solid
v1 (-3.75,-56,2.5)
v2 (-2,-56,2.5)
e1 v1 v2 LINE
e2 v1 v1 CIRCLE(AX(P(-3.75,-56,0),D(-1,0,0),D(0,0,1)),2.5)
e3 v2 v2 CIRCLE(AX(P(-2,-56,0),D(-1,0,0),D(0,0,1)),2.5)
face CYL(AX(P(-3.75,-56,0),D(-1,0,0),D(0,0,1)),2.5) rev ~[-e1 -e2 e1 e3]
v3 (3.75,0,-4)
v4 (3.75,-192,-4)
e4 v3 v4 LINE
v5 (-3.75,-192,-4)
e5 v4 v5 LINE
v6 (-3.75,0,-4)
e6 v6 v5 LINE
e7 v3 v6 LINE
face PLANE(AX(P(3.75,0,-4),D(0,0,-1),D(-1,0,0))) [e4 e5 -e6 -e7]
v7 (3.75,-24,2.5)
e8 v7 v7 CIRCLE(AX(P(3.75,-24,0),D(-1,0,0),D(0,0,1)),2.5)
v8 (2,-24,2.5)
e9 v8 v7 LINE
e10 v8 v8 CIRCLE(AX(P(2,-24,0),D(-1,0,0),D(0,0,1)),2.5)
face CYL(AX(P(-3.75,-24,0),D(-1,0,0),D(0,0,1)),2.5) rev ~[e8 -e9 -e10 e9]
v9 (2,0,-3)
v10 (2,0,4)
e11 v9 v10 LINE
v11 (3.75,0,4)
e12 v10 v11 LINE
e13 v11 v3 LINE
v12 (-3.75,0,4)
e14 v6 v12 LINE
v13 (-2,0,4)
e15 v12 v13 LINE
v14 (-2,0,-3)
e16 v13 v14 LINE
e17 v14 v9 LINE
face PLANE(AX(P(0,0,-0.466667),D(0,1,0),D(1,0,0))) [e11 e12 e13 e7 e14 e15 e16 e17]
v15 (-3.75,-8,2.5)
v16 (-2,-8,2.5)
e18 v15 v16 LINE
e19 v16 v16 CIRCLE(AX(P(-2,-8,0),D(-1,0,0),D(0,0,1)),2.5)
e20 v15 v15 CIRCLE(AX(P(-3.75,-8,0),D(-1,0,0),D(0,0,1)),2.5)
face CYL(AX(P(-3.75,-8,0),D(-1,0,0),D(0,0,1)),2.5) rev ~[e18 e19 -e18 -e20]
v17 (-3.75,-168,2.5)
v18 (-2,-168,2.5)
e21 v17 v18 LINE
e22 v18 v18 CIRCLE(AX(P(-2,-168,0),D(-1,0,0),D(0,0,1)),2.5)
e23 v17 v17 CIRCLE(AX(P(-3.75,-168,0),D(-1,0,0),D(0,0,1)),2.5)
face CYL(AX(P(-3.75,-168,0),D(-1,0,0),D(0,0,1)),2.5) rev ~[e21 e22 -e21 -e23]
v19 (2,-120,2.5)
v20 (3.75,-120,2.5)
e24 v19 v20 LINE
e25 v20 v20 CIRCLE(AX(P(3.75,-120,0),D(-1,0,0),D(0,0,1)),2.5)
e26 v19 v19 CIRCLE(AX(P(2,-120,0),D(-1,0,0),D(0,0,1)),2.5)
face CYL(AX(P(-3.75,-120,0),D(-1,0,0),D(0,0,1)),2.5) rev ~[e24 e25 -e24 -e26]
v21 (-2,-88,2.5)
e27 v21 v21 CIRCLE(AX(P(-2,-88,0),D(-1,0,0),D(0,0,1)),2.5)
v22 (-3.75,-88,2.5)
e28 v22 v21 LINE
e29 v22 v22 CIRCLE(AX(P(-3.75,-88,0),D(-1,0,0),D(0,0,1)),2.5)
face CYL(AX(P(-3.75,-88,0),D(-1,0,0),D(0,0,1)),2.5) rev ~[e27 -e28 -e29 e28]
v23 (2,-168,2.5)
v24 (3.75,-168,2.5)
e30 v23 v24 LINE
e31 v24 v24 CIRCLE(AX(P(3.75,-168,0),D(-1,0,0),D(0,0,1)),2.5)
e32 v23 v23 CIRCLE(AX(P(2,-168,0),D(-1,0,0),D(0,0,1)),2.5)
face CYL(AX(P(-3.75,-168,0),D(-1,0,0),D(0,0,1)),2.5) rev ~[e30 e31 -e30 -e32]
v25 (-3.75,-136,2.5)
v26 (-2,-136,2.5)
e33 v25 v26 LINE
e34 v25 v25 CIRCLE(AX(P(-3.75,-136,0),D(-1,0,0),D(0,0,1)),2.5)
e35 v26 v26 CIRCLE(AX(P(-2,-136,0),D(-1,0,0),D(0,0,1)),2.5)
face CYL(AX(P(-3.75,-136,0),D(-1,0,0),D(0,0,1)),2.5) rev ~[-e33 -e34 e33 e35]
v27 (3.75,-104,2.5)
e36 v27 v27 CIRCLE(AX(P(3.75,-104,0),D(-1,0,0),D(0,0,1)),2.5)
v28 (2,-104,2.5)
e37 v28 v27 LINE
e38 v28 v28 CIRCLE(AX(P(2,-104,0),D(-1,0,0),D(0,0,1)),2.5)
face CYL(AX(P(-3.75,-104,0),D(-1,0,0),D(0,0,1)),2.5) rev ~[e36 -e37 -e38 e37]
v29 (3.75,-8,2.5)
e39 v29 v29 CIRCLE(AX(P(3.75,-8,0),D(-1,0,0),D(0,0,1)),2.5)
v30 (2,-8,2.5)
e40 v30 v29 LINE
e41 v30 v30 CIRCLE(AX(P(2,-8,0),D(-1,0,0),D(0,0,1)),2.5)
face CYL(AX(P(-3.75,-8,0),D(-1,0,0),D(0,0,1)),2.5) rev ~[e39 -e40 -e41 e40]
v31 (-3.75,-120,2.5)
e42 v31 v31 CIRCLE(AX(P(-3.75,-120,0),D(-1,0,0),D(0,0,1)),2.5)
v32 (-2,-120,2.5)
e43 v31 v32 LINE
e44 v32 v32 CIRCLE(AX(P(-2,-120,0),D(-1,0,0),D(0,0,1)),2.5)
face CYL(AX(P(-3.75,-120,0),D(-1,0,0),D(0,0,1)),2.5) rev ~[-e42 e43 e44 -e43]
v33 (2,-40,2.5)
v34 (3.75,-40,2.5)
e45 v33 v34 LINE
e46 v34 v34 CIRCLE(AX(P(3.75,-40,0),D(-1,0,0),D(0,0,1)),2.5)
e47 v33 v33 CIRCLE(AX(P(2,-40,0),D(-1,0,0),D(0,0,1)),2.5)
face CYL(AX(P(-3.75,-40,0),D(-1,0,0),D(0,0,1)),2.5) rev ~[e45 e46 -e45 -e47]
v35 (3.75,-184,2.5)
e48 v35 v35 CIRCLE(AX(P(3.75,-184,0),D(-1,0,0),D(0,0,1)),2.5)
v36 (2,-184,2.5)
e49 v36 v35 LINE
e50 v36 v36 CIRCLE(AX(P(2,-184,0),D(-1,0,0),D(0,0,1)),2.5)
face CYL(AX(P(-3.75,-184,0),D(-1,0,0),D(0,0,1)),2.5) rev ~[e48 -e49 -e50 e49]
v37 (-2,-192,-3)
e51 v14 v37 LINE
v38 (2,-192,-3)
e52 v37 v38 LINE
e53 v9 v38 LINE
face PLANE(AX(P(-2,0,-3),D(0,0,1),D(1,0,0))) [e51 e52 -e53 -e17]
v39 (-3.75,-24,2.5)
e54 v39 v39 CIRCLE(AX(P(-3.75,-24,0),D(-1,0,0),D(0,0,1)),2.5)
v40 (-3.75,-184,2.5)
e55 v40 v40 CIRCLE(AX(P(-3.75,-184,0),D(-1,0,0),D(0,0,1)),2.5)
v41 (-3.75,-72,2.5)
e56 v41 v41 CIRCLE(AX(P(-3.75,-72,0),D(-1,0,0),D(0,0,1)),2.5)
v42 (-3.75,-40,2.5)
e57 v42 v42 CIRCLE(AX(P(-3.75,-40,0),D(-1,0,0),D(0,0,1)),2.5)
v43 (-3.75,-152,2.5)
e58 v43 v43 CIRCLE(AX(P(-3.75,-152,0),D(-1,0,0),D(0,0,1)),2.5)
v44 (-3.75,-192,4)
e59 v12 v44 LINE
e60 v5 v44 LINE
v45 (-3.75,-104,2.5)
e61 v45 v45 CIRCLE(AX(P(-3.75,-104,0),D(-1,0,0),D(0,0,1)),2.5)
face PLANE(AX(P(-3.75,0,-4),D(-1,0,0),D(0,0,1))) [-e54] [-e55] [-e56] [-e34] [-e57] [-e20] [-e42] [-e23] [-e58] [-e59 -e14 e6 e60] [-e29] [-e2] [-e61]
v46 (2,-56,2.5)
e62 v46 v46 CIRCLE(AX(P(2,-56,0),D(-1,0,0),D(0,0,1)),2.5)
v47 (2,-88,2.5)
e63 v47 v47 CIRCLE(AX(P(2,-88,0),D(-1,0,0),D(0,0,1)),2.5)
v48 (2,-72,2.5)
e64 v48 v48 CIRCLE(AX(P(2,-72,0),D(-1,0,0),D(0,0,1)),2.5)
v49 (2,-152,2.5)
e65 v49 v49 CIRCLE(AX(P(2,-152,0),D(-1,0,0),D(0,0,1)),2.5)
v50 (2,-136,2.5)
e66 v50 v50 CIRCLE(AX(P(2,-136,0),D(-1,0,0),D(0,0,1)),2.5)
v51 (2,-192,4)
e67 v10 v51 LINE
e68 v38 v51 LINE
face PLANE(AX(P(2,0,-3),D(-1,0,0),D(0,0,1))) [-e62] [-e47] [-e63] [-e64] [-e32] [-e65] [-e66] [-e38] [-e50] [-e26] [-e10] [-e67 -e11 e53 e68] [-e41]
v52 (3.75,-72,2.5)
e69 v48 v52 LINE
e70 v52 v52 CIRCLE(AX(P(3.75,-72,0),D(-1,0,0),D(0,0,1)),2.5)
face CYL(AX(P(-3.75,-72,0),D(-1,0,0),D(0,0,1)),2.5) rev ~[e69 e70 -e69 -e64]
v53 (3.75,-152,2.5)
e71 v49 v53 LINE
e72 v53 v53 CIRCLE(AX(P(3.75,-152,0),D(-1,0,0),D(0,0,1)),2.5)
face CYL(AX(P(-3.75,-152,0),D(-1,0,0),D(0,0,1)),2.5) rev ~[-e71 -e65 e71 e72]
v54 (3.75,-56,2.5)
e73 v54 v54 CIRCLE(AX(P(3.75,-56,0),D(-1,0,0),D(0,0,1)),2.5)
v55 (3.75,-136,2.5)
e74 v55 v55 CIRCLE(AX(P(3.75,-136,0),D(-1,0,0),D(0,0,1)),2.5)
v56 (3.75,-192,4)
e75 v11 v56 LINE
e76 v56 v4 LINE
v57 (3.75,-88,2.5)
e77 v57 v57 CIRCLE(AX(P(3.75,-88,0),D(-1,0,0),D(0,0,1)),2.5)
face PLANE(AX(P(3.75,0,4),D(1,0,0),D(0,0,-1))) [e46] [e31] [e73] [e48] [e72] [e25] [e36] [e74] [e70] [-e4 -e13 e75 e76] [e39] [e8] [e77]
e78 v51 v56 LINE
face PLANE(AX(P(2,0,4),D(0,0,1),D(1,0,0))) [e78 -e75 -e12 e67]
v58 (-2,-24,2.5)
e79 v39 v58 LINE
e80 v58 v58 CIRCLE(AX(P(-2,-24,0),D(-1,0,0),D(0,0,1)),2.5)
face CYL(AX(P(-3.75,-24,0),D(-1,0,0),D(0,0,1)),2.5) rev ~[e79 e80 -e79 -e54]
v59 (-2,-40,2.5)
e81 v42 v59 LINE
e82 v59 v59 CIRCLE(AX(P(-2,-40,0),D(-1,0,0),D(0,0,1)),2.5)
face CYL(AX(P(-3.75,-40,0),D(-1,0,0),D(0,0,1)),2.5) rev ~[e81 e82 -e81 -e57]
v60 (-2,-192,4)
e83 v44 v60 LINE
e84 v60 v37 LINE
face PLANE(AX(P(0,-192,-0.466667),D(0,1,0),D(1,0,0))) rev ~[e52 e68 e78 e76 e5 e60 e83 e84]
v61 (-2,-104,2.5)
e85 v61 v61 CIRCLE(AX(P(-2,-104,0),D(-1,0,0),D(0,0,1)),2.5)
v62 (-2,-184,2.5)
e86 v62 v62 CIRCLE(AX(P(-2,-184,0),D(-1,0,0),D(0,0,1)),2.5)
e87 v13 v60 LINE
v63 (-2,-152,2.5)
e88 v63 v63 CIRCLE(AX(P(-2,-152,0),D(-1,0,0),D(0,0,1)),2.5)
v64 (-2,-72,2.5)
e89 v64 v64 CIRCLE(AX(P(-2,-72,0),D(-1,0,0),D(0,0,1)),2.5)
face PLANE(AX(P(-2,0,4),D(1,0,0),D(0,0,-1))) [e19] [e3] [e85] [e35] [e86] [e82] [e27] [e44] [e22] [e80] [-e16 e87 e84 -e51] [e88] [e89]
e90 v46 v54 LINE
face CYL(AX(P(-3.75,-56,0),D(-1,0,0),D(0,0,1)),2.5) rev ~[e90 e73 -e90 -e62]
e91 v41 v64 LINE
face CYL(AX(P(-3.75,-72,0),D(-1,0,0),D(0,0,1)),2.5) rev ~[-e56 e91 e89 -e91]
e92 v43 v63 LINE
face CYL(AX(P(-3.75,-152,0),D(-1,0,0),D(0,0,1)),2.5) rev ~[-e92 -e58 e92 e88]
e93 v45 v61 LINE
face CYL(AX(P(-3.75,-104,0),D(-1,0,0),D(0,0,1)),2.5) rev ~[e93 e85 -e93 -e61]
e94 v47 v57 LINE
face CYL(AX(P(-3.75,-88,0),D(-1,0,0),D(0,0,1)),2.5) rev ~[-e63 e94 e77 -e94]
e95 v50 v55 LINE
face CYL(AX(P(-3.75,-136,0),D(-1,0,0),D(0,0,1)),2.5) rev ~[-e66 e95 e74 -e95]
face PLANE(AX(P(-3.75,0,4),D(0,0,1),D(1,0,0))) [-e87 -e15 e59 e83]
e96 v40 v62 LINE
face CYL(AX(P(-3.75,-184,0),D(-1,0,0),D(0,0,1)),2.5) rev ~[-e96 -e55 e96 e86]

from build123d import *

# Parameters (mm, degrees)
BASE_DEPTH  = 192
ESQUISSE2_R = 2.5
TROU_DEPTH  = 193.188058942


with BuildPart() as part:
    # Esquisse1 → Base (new body)
    with BuildSketch(Plane(origin=(0, 0, 0), x_dir=(1, 0, 0), z_dir=(0, 1, 0))):
        Polygon((-2, -4), (-2, 3), (2, 3), (2, -4), (3.75, -4), (3.75, 4), (-3.75, 4), (-3.75, -4), align=None)
    extrude(amount=-BASE_DEPTH)

    # Esquisse2 → Trou (cut, through all)
    with BuildSketch(Plane.ZY.offset(3.75)):
        with Locations((0, -8)):
            Circle(ESQUISSE2_R)
        with Locations((0, -24)):
            Circle(ESQUISSE2_R)
        with Locations((0, -40)):
            Circle(ESQUISSE2_R)
        with Locations((0, -56)):
            Circle(ESQUISSE2_R)
        with Locations((0, -72)):
            Circle(ESQUISSE2_R)
        with Locations((0, -88)):
            Circle(ESQUISSE2_R)
        with Locations((0, -104)):
            Circle(ESQUISSE2_R)
        with Locations((0, -120)):
            Circle(ESQUISSE2_R)
        with Locations((0, -136)):
            Circle(ESQUISSE2_R)
        with Locations((0, -152)):
            Circle(ESQUISSE2_R)
        with Locations((0, -168)):
            Circle(ESQUISSE2_R)
        with Locations((0, -184)):
            Circle(ESQUISSE2_R)
    extrude(amount=-TROU_DEPTH, mode=Mode.SUBTRACT)


solid = part.part
